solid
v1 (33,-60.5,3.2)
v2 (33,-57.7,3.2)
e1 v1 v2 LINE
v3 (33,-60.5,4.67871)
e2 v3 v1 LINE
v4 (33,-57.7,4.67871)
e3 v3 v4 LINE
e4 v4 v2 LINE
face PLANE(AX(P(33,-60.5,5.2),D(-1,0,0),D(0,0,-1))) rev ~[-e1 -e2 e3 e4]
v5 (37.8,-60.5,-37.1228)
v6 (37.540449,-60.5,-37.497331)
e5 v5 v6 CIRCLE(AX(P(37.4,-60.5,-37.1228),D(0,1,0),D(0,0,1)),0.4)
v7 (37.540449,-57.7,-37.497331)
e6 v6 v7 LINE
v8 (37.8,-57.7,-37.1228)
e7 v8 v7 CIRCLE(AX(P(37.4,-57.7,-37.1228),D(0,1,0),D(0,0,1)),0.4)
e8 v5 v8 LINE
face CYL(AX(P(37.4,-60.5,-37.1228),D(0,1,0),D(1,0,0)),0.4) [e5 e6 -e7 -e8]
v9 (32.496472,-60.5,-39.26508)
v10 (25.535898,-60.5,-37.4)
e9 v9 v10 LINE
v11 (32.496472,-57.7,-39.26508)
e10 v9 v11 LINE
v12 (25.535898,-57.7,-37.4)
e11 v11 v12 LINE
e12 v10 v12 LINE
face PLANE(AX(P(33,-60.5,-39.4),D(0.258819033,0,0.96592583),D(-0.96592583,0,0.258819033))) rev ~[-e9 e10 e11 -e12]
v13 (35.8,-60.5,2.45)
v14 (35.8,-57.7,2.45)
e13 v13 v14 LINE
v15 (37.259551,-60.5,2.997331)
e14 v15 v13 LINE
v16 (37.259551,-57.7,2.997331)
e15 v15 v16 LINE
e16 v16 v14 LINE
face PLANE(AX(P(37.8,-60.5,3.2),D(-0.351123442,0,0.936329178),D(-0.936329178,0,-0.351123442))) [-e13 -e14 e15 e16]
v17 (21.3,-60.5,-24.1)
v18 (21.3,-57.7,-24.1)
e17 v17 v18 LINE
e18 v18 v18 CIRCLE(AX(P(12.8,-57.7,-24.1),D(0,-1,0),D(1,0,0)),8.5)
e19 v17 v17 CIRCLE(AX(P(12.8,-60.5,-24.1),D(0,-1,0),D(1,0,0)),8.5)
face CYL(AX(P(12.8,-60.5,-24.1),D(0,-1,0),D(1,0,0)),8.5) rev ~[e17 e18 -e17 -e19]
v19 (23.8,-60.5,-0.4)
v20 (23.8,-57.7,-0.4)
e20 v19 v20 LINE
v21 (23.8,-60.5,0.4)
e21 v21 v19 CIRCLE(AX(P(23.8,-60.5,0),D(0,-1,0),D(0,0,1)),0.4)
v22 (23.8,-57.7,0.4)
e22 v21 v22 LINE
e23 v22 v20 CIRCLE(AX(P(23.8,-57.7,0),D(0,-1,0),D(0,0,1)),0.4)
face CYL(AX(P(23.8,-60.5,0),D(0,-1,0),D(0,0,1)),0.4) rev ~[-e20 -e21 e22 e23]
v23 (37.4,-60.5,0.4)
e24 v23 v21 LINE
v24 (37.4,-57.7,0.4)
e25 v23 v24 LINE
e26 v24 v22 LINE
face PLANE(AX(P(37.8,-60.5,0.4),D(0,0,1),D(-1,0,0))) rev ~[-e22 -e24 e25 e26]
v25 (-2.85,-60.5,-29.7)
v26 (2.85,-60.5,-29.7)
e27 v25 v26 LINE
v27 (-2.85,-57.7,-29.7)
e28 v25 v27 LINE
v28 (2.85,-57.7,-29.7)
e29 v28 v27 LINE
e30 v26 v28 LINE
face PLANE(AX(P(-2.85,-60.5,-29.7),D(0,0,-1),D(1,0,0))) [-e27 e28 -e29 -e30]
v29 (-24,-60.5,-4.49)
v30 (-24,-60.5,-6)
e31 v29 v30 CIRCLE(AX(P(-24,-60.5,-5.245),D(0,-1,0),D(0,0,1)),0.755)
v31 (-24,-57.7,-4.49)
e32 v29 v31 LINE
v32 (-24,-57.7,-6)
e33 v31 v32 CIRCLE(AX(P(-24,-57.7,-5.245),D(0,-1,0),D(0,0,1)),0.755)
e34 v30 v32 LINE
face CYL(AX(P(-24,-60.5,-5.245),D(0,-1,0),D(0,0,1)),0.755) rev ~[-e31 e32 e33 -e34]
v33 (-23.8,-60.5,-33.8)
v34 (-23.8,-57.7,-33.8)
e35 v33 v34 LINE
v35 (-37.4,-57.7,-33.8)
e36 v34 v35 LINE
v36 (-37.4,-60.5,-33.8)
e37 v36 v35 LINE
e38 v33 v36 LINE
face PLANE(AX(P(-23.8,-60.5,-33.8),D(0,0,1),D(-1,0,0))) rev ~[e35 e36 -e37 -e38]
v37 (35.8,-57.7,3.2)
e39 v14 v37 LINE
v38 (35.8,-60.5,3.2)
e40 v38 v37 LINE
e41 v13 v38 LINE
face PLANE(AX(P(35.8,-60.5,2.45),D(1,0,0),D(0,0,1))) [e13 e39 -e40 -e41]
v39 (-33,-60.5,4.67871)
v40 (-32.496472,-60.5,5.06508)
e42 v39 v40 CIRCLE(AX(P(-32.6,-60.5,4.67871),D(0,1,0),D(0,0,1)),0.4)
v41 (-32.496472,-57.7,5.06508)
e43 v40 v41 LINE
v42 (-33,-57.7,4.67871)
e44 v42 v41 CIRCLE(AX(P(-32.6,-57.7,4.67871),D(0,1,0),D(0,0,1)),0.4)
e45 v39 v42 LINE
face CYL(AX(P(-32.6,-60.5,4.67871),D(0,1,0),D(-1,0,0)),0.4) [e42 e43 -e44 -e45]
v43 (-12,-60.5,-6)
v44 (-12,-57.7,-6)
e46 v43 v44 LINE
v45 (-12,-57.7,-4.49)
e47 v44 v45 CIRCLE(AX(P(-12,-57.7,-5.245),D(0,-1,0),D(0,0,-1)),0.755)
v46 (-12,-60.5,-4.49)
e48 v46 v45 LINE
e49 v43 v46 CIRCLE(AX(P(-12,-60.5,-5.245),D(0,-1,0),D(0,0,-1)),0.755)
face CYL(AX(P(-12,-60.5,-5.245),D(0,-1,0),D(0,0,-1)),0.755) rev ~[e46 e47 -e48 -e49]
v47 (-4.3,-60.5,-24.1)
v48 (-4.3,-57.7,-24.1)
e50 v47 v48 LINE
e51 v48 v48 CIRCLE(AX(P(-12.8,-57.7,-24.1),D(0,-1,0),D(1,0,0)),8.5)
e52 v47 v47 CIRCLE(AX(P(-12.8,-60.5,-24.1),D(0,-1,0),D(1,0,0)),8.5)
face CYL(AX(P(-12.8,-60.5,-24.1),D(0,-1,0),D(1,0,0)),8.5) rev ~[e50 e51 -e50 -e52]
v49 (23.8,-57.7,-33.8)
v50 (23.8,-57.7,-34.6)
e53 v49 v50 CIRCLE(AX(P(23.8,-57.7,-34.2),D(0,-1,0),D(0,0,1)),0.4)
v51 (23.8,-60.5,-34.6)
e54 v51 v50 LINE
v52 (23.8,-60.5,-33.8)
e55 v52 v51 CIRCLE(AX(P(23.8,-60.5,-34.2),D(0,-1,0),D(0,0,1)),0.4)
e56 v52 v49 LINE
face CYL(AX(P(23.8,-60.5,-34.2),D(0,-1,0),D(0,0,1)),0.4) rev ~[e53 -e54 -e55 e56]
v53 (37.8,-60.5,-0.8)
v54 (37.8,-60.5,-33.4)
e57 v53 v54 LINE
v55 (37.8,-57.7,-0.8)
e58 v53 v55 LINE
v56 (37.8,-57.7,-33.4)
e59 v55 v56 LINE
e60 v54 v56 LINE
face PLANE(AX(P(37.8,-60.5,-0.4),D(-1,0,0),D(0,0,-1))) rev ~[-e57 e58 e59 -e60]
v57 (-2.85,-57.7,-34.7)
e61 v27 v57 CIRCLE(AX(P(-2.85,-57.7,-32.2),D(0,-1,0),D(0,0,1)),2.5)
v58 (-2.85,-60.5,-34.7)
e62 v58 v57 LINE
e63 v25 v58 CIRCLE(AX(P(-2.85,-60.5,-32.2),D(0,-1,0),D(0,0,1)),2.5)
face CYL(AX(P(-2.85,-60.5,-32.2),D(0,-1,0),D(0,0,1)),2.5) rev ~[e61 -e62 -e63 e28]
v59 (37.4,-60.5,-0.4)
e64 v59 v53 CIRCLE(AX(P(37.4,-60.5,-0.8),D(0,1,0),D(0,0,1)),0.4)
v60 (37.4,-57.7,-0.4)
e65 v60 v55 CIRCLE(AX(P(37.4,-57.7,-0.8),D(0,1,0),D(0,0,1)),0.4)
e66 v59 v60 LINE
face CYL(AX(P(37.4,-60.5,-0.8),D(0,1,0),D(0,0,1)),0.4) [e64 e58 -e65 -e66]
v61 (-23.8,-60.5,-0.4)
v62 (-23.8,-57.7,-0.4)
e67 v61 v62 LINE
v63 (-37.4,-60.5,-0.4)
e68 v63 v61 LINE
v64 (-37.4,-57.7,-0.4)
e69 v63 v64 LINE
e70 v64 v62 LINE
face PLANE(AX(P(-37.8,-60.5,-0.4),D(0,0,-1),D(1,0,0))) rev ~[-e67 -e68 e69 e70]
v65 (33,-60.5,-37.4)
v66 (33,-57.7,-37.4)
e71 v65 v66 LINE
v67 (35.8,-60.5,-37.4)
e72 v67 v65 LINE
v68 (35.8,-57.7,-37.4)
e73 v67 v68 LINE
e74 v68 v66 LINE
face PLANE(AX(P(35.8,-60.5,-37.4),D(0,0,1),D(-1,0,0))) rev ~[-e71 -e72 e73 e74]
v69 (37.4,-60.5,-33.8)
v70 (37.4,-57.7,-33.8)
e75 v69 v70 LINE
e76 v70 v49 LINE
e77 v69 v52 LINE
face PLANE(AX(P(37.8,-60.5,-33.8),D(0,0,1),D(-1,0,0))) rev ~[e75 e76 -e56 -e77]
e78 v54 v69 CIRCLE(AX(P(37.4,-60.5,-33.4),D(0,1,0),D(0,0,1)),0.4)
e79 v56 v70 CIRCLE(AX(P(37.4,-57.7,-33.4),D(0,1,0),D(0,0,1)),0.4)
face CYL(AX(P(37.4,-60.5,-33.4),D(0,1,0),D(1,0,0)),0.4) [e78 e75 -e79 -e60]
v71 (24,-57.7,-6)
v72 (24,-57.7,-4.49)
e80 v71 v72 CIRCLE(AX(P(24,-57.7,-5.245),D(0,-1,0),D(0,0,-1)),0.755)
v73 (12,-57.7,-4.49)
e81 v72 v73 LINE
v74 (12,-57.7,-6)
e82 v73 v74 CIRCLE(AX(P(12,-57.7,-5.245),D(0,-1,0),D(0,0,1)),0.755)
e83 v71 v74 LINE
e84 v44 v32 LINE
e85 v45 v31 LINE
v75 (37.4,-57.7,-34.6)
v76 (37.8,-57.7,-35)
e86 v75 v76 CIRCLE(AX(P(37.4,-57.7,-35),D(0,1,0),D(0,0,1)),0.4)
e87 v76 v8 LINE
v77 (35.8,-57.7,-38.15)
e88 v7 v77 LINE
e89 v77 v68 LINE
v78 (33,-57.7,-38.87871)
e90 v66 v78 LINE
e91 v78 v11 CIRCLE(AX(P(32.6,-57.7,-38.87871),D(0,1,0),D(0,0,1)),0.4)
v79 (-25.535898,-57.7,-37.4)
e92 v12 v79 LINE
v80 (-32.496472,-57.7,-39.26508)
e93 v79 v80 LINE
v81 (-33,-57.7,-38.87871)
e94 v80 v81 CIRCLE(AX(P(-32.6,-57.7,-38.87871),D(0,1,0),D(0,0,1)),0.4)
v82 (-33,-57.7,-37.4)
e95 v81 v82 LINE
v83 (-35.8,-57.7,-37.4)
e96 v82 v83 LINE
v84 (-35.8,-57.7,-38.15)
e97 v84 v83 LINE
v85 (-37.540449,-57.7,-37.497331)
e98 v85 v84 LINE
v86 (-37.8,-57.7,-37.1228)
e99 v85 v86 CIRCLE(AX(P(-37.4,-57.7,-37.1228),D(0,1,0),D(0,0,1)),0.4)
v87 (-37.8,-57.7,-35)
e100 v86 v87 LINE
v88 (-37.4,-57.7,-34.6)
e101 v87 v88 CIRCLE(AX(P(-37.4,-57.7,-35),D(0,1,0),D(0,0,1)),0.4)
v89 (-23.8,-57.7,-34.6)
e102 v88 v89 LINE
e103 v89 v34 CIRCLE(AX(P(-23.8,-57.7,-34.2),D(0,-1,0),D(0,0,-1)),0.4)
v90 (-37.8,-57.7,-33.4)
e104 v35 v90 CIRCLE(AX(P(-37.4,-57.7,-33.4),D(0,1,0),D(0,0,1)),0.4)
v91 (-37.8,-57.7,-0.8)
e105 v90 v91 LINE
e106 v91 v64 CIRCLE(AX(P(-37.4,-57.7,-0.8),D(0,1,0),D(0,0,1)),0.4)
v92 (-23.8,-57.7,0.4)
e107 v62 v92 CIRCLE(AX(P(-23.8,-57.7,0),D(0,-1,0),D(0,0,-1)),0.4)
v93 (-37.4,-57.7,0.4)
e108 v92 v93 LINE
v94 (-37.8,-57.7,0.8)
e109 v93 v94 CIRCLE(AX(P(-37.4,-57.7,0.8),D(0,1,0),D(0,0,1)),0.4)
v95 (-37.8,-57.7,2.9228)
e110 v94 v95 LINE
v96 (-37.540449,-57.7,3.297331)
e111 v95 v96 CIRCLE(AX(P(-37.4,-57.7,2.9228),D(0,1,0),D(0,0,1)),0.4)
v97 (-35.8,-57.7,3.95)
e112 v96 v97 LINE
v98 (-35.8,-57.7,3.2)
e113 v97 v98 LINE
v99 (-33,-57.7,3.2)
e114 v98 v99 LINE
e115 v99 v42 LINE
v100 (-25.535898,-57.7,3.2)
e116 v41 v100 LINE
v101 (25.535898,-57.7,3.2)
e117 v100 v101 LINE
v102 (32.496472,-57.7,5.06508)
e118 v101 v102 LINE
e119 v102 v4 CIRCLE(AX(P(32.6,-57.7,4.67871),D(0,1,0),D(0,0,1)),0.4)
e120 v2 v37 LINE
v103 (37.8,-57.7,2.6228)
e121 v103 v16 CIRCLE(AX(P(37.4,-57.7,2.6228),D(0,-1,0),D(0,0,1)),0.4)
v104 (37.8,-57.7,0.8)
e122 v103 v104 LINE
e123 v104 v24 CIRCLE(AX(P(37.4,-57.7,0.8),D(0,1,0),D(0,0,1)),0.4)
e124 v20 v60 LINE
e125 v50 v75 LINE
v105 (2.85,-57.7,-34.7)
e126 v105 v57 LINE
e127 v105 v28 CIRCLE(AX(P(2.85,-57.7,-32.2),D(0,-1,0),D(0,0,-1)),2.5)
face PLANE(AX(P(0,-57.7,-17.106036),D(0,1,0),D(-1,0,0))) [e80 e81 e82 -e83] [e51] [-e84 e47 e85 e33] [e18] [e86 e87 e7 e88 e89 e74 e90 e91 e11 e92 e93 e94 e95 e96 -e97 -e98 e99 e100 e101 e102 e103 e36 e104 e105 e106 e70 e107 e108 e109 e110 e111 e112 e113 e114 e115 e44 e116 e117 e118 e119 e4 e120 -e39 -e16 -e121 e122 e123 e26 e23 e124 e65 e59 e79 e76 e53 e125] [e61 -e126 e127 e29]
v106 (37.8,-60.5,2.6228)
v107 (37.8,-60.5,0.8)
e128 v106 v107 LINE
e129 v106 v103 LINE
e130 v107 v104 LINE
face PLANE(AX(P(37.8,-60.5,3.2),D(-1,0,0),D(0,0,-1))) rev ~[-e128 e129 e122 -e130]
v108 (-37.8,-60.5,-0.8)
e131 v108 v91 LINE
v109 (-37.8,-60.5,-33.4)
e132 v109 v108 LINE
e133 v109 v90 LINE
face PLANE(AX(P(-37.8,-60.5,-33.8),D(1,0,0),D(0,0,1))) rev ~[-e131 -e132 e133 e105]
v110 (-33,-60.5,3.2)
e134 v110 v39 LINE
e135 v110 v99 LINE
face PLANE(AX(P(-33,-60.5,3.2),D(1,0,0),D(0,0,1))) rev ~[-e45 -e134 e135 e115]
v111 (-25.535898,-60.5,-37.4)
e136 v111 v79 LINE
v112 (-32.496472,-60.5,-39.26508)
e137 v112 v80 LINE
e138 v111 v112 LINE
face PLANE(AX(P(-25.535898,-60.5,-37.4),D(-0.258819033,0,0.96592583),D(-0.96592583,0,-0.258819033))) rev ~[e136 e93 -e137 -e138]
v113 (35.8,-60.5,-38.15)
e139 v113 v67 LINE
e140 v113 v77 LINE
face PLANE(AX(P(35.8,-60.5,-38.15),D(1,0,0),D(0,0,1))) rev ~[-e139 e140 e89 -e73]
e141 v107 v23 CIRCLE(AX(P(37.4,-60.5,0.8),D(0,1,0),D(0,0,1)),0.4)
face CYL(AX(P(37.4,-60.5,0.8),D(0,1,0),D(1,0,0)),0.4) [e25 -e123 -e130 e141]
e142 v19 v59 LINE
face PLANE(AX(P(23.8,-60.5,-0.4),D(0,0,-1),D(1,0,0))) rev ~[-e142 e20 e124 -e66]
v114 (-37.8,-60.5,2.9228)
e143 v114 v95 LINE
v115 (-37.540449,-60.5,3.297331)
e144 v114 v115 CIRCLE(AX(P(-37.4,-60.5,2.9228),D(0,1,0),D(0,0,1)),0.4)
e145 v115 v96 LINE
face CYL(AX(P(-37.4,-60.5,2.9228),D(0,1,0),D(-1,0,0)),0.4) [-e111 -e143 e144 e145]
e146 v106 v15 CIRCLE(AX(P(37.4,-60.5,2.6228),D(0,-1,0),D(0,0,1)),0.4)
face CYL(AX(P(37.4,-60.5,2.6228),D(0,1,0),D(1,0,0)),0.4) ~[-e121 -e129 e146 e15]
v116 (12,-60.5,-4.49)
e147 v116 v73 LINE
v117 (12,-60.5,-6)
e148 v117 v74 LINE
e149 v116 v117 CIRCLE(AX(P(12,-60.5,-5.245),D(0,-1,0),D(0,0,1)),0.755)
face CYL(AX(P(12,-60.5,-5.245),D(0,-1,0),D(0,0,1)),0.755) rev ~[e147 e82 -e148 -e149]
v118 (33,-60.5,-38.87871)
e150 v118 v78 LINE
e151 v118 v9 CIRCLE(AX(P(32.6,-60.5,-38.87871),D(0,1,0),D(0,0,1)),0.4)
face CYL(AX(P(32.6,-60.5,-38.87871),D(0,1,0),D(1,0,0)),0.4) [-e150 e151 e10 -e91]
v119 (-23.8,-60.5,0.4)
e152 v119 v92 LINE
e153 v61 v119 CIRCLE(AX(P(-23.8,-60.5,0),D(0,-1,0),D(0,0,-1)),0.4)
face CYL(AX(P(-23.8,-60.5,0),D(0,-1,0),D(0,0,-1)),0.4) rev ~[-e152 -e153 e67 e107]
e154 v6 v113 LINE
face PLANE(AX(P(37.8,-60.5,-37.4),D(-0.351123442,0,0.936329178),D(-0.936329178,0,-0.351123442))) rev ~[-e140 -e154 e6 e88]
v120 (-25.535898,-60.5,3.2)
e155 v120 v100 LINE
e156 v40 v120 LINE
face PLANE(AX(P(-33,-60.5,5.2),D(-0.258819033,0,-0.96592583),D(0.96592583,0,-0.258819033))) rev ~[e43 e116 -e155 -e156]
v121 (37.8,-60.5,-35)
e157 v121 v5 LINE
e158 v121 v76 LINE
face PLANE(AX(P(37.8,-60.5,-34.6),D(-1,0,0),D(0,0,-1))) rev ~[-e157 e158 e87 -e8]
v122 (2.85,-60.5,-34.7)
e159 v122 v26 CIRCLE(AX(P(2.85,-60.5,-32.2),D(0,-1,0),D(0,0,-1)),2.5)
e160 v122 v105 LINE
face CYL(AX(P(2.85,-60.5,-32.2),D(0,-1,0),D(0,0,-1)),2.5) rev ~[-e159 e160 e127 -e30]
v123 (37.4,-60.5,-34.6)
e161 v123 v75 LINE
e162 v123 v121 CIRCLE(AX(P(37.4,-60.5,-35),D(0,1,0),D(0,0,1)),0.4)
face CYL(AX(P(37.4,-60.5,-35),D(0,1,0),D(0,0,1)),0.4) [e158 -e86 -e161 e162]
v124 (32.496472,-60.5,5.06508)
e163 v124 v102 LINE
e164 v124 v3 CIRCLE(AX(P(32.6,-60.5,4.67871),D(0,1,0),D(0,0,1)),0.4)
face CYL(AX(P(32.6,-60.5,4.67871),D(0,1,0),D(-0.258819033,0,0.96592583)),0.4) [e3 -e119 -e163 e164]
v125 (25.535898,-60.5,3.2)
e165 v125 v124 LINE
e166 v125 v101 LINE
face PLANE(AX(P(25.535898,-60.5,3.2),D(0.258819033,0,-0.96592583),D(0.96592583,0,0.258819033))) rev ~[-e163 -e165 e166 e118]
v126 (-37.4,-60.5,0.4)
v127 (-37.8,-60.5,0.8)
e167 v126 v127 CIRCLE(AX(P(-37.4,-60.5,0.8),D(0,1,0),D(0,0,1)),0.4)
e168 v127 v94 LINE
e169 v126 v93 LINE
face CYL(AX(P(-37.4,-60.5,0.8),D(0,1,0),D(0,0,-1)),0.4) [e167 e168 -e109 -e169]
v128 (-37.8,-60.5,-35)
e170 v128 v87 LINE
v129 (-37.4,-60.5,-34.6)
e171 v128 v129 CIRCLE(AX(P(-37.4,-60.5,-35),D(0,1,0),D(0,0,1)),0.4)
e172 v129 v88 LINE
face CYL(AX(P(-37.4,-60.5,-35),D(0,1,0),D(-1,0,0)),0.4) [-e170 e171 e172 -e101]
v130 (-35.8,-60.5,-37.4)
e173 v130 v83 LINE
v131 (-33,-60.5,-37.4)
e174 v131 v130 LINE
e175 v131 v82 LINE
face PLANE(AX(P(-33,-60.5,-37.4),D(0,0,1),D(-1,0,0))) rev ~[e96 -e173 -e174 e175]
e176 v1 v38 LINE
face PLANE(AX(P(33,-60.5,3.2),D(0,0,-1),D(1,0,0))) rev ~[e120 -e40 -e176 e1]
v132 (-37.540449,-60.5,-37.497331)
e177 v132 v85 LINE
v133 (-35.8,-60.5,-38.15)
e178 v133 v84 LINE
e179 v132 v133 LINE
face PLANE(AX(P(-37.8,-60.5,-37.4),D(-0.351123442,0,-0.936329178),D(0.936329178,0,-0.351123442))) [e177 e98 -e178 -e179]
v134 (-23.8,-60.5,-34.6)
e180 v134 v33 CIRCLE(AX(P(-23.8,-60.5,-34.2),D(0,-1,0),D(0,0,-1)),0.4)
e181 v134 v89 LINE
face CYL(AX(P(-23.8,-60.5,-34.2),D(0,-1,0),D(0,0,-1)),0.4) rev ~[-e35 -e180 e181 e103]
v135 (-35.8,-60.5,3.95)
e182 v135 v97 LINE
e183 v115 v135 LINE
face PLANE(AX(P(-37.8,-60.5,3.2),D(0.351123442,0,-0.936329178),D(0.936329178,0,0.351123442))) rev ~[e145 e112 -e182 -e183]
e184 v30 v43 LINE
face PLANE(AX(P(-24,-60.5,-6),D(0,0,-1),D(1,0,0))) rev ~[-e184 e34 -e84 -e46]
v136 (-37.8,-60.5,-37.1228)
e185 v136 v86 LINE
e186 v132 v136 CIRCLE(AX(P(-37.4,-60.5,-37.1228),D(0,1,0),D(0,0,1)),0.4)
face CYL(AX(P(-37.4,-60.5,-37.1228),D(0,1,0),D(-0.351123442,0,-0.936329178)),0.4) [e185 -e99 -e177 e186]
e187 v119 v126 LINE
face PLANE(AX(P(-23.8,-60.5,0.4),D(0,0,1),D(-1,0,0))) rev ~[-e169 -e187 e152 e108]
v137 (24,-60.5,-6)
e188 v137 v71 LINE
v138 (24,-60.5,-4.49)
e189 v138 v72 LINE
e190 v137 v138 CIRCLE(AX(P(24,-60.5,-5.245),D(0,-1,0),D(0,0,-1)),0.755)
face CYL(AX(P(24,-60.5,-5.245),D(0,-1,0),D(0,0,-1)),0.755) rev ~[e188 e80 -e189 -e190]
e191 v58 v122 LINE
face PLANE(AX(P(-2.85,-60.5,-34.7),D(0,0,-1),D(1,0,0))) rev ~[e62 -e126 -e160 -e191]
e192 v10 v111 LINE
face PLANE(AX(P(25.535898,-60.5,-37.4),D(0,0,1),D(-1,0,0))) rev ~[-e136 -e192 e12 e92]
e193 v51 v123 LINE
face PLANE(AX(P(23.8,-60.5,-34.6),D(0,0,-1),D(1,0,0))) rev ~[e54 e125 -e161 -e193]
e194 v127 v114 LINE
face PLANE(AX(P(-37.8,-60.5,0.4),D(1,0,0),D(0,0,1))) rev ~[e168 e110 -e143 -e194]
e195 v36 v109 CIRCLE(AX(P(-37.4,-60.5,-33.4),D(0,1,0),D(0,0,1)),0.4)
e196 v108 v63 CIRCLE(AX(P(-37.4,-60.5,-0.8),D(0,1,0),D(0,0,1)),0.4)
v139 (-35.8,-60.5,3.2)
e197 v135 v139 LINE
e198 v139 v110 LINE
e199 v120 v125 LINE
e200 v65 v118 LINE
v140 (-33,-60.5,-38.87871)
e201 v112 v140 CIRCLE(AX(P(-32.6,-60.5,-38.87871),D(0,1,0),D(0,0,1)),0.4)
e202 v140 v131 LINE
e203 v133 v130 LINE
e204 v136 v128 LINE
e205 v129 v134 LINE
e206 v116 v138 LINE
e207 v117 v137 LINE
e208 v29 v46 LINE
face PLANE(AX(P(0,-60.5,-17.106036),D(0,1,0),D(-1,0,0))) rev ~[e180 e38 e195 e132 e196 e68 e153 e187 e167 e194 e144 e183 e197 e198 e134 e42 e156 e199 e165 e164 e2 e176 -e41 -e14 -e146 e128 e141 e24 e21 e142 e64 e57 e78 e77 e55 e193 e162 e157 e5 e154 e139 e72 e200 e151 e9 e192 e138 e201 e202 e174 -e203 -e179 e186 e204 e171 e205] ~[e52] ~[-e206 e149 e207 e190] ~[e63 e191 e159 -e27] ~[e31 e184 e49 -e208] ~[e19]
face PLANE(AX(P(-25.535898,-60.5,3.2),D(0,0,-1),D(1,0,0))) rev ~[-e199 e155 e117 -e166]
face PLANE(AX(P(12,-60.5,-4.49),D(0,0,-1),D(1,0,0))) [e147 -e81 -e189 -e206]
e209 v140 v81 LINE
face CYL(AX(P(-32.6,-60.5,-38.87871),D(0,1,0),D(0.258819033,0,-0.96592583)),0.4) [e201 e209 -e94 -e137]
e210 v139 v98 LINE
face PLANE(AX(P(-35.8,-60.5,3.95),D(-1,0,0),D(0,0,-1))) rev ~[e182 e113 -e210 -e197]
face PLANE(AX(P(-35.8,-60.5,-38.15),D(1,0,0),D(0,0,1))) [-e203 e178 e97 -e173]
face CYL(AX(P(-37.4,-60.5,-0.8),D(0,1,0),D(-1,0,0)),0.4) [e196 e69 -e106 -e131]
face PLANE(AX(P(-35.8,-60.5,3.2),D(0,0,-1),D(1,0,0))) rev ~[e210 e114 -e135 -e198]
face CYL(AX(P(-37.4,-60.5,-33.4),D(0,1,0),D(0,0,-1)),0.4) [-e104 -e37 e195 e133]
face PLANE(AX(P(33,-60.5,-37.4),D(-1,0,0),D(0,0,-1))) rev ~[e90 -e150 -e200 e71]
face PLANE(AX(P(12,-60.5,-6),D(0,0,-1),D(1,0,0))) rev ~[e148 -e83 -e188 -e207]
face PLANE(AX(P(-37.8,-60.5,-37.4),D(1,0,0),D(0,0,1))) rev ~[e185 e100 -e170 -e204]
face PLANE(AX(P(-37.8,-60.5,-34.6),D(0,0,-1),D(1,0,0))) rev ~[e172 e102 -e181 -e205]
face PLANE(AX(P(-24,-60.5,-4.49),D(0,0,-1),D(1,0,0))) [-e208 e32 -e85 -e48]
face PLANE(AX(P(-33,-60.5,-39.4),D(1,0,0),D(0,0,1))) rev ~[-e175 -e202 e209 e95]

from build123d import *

# Parameters (mm, degrees)
PAD009_DEPTH    = 2.8
FILLET004_R     = 0.4
POCKET014_DEPTH = 2.801
SKETCH028_R     = 8.5
POCKET017_DEPTH = 2.801


with BuildPart() as part:
    # Sketch009 (on Face6 of ShapeBinder008) → Pad009 (new body)
    with BuildSketch(Plane.XZ.offset(60.5)):
        with BuildLine():
            Line((37.8, 3.2), (37.8, 0.4))
            Line((37.8, 0.4), (23.8, 0.4))
            ThreePointArc((23.8, 0.4), (23.4, 0), (23.8, -0.4))
            Line((23.8, -0.4), (37.8, -0.4))
            Line((37.8, -0.4), (37.8, -33.8))
            Line((37.8, -33.8), (23.8, -33.8))
            ThreePointArc((23.8, -33.8), (23.4, -34.2), (23.8, -34.6))
            Line((23.8, -34.6), (37.8, -34.6))
            Line((37.8, -34.6), (37.8, -37.4))
            Line((37.8, -37.4), (35.8, -38.15))
            Line((35.8, -38.15), (35.8, -37.4))
            Line((35.8, -37.4), (33, -37.4))
            Line((33, -37.4), (33, -39.4))
            Line((33, -39.4), (25.535898, -37.4))
            Line((25.535898, -37.4), (-25.535898, -37.4))
            Line((-25.535898, -37.4), (-33, -39.4))
            Line((-33, -39.4), (-33, -37.4))
            Line((-33, -37.4), (-35.8, -37.4))
            Line((-35.8, -38.15), (-35.8, -37.4))
            Line((-37.8, -37.4), (-35.8, -38.15))
            Line((-37.8, -37.4), (-37.8, -34.6))
            Line((-37.8, -34.6), (-23.8, -34.6))
            ThreePointArc((-23.8, -34.6), (-23.4, -34.2), (-23.8, -33.8))
            Line((-23.8, -33.8), (-37.8, -33.8))
            Line((-37.8, -33.8), (-37.8, -0.4))
            Line((-37.8, -0.4), (-23.8, -0.4))
            ThreePointArc((-23.8, -0.4), (-23.4, 0), (-23.8, 0.4))
            Line((-23.8, 0.4), (-37.8, 0.4))
            Line((-37.8, 0.4), (-37.8, 3.2))
            Line((-37.8, 3.2), (-35.8, 3.95))
            Line((-35.8, 3.95), (-35.8, 3.2))
            Line((-35.8, 3.2), (-33, 3.2))
            Line((-33, 3.2), (-33, 5.2))
            Line((-33, 5.2), (-25.535898, 3.2))
            Line((-25.535898, 3.2), (25.535898, 3.2))
            Line((25.535898, 3.2), (33, 5.2))
            Line((33, 5.2), (33, 3.2))
            Line((33, 3.2), (35.8, 3.2))
            Line((35.8, 2.45), (35.8, 3.2))
            Line((37.8, 3.2), (35.8, 2.45))
        make_face()
    extrude(amount=-PAD009_DEPTH)

    # Fillet004
    fillet004_edges = [part.edges().sort_by_distance(p)[0] for p in [
        (33, -59.1, 5.2),
        (37.8, -59.1, 3.2),
        (37.8, -59.1, 0.4),
        (37.8, -59.1, -0.4),
        (37.8, -59.1, -33.8),
        (37.8, -59.1, -34.6),
        (37.8, -59.1, -37.4),
        (33, -59.1, -39.4),
        (-37.8, -59.1, -33.8),
        (-37.8, -59.1, -34.6),
        (-37.8, -59.1, -37.4),
        (-33, -59.1, -39.4),
        (-33, -59.1, 5.2),
        (-37.8, -59.1, 3.2),
        (-37.8, -59.1, 0.4),
        (-37.8, -59.1, -0.4),
    ]]
    fillet(fillet004_edges, radius=FILLET004_R)

    # Sketch025 (on Face2 of Fillet004) → Pocket014 (cut, through all)
    with BuildSketch(Plane.XZ.offset(60.5)):
        with BuildLine():
            ThreePointArc((-24, -4.49), (-24.755, -5.245), (-24, -6))
            Line((-24, -6), (-12, -6))
            ThreePointArc((-12, -6), (-11.245, -5.245), (-12, -4.49))
            Line((-24, -4.49), (-12, -4.49))
        make_face()
        with BuildLine():
            ThreePointArc((12, -4.49), (11.245, -5.245), (12, -6))
            Line((12, -6), (24, -6))
            ThreePointArc((24, -6), (24.755, -5.245), (24, -4.49))
            Line((12, -4.49), (24, -4.49))
        make_face()
    extrude(amount=-POCKET014_DEPTH, mode=Mode.SUBTRACT)

    # Sketch028 (on Face2 of Pocket014) → Pocket017 (cut, through all)
    with BuildSketch(Plane.XZ.offset(60.5)):
        with Locations((-12.8, -24.1)):
            Circle(SKETCH028_R)
        with Locations((12.8, -24.1)):
            Circle(SKETCH028_R)
        with BuildLine():
            ThreePointArc((-2.85, -29.7), (-5.35, -32.2), (-2.85, -34.7))
            Line((-2.85, -34.7), (2.85, -34.7))
            ThreePointArc((2.85, -34.7), (5.35, -32.2), (2.85, -29.7))
            Line((-2.85, -29.7), (2.85, -29.7))
        make_face()
    extrude(amount=-POCKET017_DEPTH, mode=Mode.SUBTRACT)


solid = part.part
